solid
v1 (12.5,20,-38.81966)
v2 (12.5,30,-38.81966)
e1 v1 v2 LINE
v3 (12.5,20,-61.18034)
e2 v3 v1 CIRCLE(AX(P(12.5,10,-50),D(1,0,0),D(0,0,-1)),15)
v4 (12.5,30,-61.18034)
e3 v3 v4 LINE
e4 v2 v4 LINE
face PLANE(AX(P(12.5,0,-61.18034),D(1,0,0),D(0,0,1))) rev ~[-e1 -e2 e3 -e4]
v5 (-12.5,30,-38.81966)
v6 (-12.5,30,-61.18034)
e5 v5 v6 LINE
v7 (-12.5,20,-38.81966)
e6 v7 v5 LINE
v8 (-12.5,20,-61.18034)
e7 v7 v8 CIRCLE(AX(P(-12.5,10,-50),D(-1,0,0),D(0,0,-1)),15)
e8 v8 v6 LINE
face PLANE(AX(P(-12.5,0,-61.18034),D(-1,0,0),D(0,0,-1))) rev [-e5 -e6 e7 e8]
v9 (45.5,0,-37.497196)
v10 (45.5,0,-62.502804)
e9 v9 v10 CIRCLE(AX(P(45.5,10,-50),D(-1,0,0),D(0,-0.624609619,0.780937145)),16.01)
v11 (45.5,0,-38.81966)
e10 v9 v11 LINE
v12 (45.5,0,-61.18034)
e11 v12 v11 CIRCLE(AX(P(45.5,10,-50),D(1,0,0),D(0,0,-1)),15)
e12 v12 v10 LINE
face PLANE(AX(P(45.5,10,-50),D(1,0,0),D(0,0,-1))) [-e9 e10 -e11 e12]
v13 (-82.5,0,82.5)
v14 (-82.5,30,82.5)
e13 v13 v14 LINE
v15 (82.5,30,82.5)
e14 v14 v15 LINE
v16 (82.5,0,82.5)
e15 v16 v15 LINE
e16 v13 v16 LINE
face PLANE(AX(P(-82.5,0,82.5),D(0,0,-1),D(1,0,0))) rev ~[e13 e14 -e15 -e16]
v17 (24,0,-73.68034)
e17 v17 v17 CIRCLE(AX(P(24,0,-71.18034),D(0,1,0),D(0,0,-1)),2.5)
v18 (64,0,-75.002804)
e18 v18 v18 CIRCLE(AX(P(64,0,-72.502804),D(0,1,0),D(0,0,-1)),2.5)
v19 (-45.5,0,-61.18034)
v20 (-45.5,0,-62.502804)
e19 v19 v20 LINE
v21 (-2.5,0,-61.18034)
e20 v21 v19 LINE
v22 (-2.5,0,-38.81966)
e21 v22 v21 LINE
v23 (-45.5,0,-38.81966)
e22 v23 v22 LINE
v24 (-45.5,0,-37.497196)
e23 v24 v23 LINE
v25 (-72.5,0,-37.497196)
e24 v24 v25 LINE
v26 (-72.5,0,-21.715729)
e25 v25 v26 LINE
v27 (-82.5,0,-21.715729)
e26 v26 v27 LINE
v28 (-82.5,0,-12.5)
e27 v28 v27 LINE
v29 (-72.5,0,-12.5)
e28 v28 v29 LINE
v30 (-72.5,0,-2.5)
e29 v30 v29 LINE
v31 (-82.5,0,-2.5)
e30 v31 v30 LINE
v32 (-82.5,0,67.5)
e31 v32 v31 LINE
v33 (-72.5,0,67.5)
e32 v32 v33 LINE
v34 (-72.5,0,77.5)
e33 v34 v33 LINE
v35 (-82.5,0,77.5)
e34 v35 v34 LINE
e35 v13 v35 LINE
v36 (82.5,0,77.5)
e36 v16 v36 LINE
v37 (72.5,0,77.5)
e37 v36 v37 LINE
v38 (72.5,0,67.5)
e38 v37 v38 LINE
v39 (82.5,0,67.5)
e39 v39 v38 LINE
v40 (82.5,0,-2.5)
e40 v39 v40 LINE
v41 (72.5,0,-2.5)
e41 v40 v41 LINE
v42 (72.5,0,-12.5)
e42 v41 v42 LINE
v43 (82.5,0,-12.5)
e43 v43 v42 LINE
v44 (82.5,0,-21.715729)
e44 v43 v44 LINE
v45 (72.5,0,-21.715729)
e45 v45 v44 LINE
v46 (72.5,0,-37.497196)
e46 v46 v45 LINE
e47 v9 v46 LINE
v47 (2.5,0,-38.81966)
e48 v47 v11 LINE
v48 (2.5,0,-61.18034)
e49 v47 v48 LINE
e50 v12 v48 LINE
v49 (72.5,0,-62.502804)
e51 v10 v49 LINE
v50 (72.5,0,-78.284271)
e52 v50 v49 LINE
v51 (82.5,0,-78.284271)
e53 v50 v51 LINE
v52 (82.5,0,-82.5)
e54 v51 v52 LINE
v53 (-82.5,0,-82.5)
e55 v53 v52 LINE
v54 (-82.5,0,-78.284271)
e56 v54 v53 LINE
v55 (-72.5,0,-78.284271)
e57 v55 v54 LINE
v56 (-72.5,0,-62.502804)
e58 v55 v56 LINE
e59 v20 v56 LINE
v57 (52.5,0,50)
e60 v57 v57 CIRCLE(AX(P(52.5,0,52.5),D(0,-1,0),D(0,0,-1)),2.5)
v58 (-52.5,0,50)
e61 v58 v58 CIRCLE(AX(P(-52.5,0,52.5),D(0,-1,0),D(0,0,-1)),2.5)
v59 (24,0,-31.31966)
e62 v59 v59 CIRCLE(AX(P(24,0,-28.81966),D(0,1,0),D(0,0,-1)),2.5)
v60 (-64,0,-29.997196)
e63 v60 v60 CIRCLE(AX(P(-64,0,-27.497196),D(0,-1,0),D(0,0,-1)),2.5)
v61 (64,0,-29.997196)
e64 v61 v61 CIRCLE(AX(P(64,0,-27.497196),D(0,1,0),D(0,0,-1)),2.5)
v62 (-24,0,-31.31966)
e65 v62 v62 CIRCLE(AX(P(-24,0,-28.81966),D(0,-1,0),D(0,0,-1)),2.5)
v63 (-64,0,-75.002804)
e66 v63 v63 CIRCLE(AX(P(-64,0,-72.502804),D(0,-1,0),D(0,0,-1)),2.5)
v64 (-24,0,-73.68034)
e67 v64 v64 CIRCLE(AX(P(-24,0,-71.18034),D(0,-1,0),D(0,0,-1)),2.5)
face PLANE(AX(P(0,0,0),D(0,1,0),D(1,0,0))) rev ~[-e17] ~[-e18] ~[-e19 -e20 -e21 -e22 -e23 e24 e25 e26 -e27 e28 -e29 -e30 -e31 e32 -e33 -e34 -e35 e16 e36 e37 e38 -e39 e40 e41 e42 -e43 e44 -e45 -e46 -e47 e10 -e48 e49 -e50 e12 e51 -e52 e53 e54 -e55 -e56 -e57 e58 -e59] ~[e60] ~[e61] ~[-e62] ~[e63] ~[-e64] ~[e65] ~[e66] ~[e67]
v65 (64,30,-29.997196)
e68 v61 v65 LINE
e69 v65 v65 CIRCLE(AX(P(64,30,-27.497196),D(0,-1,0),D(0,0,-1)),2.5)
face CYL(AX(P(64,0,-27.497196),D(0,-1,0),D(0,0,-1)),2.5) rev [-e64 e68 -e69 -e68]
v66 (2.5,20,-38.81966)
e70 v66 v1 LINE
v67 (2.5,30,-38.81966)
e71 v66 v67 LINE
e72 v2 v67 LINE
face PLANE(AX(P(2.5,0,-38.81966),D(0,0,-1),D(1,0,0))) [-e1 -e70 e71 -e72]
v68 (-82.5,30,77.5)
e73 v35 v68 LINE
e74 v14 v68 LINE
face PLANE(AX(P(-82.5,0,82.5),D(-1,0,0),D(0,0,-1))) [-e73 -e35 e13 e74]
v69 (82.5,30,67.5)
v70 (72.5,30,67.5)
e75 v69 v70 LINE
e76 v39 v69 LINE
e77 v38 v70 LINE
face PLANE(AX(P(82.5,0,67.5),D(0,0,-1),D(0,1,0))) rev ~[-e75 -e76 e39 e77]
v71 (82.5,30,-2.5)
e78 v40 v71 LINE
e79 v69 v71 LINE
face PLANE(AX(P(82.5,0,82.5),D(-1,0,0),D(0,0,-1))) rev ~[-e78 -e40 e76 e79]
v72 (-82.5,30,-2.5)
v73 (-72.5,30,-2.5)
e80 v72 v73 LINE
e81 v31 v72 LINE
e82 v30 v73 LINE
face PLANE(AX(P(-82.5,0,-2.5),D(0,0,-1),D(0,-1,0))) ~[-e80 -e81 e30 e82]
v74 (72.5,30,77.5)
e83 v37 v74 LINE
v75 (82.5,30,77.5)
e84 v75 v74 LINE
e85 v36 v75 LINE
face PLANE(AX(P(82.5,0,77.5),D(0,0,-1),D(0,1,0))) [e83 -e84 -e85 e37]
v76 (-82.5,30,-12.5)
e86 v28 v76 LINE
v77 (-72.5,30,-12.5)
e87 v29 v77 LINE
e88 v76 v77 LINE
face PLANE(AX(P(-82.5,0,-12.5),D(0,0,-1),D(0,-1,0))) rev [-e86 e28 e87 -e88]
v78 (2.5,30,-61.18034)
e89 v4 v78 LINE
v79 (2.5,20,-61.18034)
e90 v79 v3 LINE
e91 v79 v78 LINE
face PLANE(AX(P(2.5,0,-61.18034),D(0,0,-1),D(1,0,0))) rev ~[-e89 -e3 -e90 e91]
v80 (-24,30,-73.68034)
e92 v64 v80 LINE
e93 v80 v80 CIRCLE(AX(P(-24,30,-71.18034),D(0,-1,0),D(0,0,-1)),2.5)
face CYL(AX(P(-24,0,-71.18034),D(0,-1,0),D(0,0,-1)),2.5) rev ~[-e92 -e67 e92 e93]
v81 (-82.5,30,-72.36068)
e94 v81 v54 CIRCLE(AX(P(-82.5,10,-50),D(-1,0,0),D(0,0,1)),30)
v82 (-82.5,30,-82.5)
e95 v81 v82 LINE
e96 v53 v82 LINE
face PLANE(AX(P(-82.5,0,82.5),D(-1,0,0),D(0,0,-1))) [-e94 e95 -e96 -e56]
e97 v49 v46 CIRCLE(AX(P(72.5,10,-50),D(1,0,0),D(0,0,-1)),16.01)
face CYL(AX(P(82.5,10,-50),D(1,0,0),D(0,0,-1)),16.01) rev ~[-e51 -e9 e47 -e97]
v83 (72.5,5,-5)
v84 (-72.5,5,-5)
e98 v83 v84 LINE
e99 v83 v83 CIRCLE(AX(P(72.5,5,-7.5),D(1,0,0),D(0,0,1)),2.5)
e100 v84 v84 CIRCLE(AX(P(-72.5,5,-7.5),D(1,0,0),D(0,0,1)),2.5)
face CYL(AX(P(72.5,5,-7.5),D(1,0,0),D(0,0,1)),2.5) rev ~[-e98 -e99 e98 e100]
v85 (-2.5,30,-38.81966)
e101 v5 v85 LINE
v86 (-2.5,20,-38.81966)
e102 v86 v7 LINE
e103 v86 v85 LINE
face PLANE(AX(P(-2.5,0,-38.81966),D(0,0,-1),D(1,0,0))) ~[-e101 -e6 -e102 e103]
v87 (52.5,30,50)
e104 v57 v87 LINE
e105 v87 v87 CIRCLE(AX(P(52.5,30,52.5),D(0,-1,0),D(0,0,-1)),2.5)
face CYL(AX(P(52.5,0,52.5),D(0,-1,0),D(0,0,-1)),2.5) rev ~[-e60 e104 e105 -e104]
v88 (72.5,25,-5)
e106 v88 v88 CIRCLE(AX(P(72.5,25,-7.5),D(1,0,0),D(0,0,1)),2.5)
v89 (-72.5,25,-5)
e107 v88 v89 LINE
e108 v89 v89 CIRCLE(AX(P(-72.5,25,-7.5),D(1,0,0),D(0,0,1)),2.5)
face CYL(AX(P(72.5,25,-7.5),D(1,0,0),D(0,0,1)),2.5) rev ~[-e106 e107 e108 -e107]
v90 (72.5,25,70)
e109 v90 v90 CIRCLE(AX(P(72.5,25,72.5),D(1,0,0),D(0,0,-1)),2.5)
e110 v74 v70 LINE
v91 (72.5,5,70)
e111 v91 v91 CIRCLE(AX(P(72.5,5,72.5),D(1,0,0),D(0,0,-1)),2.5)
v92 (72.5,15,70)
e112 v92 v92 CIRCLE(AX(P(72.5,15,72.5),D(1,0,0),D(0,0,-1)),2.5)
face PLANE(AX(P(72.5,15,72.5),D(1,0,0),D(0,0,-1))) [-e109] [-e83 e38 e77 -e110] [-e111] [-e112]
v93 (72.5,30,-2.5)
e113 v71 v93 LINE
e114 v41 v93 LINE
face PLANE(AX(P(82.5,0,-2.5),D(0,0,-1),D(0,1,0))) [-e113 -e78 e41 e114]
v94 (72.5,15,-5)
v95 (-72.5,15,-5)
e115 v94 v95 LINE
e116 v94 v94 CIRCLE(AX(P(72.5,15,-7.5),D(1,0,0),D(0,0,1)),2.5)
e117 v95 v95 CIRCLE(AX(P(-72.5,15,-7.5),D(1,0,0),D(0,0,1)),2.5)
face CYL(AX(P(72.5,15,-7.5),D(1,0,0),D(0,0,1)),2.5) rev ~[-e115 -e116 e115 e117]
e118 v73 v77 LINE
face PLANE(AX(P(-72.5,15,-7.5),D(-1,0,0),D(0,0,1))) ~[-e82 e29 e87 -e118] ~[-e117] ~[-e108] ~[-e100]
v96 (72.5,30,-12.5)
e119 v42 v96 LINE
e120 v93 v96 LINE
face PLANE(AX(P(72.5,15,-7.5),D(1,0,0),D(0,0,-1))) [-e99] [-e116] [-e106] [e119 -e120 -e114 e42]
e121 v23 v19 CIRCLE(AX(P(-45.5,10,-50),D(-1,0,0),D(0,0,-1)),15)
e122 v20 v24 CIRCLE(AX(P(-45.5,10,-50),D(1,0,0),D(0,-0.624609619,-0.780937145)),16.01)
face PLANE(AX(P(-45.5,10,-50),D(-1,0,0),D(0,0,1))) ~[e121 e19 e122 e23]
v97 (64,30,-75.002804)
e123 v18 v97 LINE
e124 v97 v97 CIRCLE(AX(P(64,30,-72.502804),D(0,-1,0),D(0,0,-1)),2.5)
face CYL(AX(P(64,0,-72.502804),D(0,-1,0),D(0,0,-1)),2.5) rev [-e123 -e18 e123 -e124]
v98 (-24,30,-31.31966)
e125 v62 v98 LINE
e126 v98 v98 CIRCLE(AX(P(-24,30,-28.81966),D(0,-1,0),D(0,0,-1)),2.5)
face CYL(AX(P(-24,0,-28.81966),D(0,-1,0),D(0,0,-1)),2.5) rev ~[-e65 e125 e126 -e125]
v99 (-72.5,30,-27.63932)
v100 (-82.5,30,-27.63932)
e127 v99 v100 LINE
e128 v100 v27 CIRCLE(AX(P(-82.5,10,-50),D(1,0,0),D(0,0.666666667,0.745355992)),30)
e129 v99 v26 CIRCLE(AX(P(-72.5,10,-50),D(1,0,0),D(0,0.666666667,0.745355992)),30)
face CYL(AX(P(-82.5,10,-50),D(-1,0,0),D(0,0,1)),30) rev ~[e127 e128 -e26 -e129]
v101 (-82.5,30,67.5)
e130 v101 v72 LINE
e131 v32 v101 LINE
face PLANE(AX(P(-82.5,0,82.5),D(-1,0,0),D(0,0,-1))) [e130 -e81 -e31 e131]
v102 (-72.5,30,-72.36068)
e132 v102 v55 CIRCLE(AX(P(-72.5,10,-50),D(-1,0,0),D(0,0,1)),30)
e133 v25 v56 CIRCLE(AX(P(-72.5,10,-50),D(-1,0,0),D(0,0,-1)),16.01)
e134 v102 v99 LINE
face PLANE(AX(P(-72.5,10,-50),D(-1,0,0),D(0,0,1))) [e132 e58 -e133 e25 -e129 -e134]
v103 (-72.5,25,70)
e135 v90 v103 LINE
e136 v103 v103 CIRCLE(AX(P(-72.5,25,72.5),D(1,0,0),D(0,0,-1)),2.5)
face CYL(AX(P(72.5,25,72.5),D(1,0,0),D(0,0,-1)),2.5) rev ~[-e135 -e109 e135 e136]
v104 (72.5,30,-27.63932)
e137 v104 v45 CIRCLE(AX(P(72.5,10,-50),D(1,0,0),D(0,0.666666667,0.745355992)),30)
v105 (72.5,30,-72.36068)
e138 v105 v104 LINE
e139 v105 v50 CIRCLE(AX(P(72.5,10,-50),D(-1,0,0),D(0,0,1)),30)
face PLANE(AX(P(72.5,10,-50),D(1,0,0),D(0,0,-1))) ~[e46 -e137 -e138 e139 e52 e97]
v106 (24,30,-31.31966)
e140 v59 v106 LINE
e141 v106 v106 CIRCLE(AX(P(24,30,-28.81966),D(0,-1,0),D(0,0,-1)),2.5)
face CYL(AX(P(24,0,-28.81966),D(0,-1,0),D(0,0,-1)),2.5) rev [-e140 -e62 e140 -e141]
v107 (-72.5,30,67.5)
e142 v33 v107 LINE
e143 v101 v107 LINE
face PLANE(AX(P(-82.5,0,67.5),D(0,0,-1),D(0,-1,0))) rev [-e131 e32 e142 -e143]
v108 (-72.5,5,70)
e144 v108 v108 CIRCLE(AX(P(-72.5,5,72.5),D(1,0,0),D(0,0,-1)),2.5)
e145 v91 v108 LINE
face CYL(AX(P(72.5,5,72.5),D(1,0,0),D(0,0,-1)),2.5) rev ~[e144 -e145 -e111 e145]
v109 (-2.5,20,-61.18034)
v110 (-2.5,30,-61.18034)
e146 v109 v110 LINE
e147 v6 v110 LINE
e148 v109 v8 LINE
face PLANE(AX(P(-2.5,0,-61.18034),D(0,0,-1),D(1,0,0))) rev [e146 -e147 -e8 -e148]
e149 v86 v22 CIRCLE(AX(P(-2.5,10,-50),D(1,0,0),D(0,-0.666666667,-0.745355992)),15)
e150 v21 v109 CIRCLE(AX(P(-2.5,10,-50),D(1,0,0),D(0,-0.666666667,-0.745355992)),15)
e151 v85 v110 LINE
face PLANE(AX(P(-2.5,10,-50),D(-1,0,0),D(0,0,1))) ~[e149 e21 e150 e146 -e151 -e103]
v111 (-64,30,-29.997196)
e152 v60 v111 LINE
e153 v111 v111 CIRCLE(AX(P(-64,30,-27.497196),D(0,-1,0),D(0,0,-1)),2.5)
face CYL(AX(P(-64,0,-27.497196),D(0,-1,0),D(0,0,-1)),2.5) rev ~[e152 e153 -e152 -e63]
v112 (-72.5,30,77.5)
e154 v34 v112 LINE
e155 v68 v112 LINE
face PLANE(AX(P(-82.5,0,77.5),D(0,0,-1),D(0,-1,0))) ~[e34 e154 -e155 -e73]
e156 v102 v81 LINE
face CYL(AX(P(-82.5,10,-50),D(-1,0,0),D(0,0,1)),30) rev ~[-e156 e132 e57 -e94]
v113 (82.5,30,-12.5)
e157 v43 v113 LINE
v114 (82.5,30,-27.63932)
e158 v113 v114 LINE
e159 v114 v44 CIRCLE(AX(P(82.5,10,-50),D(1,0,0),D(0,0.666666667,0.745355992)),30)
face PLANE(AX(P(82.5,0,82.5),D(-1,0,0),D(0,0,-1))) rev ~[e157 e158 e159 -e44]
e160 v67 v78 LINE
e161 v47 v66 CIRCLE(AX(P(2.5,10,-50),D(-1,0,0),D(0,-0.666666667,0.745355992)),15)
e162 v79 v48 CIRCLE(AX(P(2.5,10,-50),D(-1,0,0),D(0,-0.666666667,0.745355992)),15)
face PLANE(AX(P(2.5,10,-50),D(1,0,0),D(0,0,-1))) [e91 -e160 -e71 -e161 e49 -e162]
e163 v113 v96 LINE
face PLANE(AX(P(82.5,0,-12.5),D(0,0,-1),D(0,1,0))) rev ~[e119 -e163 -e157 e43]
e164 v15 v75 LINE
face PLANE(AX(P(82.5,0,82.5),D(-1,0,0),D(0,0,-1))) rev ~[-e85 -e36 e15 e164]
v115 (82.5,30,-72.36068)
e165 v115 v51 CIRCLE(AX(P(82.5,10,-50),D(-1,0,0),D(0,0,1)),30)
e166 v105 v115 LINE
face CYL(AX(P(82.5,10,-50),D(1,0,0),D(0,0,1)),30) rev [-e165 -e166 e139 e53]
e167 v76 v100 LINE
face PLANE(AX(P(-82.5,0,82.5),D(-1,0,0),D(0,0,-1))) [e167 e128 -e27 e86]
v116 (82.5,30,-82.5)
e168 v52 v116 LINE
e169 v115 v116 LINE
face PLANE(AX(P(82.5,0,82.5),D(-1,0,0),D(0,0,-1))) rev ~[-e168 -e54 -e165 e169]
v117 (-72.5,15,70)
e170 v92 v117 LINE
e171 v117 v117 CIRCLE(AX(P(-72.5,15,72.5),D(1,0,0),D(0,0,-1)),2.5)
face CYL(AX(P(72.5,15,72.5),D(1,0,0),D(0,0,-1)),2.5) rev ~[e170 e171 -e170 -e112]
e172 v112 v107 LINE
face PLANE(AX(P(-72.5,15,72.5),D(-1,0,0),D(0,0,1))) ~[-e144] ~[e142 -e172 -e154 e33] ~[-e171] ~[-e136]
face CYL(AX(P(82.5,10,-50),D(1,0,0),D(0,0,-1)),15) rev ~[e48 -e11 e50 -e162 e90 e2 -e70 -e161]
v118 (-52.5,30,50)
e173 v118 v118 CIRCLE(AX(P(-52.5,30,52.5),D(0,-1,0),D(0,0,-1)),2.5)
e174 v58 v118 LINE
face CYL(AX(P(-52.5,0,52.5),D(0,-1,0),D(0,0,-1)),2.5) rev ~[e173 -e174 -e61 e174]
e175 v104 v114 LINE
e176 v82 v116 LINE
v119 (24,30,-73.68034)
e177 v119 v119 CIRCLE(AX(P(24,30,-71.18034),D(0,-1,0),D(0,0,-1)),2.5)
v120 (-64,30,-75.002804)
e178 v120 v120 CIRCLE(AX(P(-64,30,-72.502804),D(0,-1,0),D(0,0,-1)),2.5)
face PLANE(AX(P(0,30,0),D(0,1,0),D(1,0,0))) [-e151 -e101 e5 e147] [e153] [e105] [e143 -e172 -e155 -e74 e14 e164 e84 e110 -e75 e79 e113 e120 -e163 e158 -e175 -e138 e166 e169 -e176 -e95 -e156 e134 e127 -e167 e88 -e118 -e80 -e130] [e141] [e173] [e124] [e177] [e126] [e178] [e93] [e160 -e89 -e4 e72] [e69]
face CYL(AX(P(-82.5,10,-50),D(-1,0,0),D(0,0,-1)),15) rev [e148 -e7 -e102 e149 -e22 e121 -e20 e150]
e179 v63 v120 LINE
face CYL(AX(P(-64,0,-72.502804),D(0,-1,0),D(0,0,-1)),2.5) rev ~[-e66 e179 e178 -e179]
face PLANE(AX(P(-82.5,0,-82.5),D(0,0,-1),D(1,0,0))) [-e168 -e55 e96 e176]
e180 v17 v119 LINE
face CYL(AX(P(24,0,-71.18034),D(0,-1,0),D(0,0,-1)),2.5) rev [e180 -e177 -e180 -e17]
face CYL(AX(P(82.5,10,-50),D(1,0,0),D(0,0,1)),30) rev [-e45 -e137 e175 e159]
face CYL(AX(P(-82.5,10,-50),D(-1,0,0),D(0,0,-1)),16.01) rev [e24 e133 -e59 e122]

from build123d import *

# Parameters (mm, degrees)
ESQUISSE2_W         = 165
ESQUISSE2_H         = 165
BASE_DEPTH          = 30
ESQUISSE3_R         = 15
BLOC_MOTEUR_1_DEPTH = 80
ESQUISSE4_W         = 10
ESQUISSE4_H         = 22.360679774
ACCES_MOTEUR_DEPTH  = 37
ESQUISSE6_R         = 16.01
BLOC_MOTEUR_2_DEPTH = 37
ESQUISSE7_R         = 2.5
VIS_MOTEUR_DEPTH    = 121.467838032
ESQUISSE8_R         = 2.5
VIS_PATIN_DEPTH     = 121.467838032
ESQUISSE12_R        = 30
ESPACE_ROUE_DEPTH   = 10
ESQUISSE23_W        = 10
ESQUISSE23_H        = 30
VIDE_TIGE_DEPTH     = 10
VIDE_VIS_REACH      = 180.133
ESQUISSE25_R        = 2.5


with BuildPart() as part:
    # Esquisse2 → BASE (new body)
    with BuildSketch(Plane(origin=(0, 0, 0), x_dir=(1, 0, 0), z_dir=(0, 1, 0))):
        Rectangle(ESQUISSE2_W, ESQUISSE2_H)
    extrude(amount=BASE_DEPTH)

    # Esquisse3 → BLOC MOTEUR 1. (cut)
    with BuildSketch(Plane(origin=(82.5, 0, 0), x_dir=(0, 0, -1), z_dir=(1, 0, 0))):
        with Locations((50, 10)):
            Circle(ESQUISSE3_R)
    bloc_moteur_1 = extrude(amount=-BLOC_MOTEUR_1_DEPTH, mode=Mode.SUBTRACT)

    # Esquisse4 → ACCES MOTEUR (cut)
    with BuildSketch(Plane.XZ):
        with Locations((7.5, -50)):
            Rectangle(ESQUISSE4_W, ESQUISSE4_H)
    acces_moteur = extrude(amount=-ACCES_MOTEUR_DEPTH, mode=Mode.SUBTRACT)

    # Esquisse6 → BLOC MOTEUR 2 (cut)
    with BuildSketch(Plane(origin=(82.5, 0, 0), x_dir=(0, 0, -1), z_dir=(1, 0, 0))):
        with Locations((50, 10)):
            Circle(ESQUISSE6_R)
    bloc_moteur_2 = extrude(amount=-BLOC_MOTEUR_2_DEPTH, mode=Mode.SUBTRACT)

    # SYM BLOC MOTEUR: BLOC MOTEUR 1., ACCES MOTEUR, BLOC MOTEUR 2 across plane
    add(bloc_moteur_1.mirror(Plane(origin=(0, 0, 0), x_dir=(0, 0, 1), z_dir=(1, 0, 0))), mode=Mode.SUBTRACT)
    add(acces_moteur.mirror(Plane(origin=(0, 0, 0), x_dir=(0, 0, 1), z_dir=(1, 0, 0))), mode=Mode.SUBTRACT)
    add(bloc_moteur_2.mirror(Plane(origin=(0, 0, 0), x_dir=(0, 0, 1), z_dir=(1, 0, 0))), mode=Mode.SUBTRACT)

    # Esquisse7 → VIS MOTEUR (cut, through all)
    with BuildSketch(Plane.XZ):
        with Locations(Location((-64, -27.497196314, 0), (0, 0, 270))):
            Circle(ESQUISSE7_R)
        with Locations(Location((-24, -28.819660113, 0), (0, 0, 270))):
            Circle(ESQUISSE7_R)
        with Locations(Location((-24, -71.180339887, 0), (0, 0, 270))):
            Circle(ESQUISSE7_R)
        with Locations(Location((-64, -72.502803686, 0), (0, 0, 270))):
            Circle(ESQUISSE7_R)
    vis_moteur = extrude(amount=-VIS_MOTEUR_DEPTH, mode=Mode.SUBTRACT)

    # SYM VIS: VIS MOTEUR across plane
    add(vis_moteur.mirror(Plane(origin=(0, 0, 0), x_dir=(0, 0, 1), z_dir=(1, 0, 0))), mode=Mode.SUBTRACT)

    # Esquisse8 → VIS PATIN (cut, through all)
    with BuildSketch(Plane.XZ):
        with Locations(Location((-52.5, 52.5, 0), (0, 0, 270))):
            Circle(ESQUISSE8_R)
        with Locations(Location((52.5, 52.5, 0), (0, 0, 270))):
            Circle(ESQUISSE8_R)
    extrude(amount=-VIS_PATIN_DEPTH, mode=Mode.SUBTRACT)

    # Esquisse12 → ESPACE ROUE (cut)
    with BuildSketch(Plane.ZY.offset(82.5)):
        with Locations((-50, 10)):
            Circle(ESQUISSE12_R)
    espace_roue = extrude(amount=-ESPACE_ROUE_DEPTH, mode=Mode.SUBTRACT)

    # SYM ESPACE ROUE: ESPACE ROUE across plane
    add(espace_roue.mirror(Plane(origin=(0, 0, 0), x_dir=(0, 0, 1), z_dir=(1, 0, 0))), mode=Mode.SUBTRACT)

    # Esquisse23 → VIDE TIGE (cut)
    with BuildSketch(Plane(origin=(82.5, 0, 0), x_dir=(0, 0, -1), z_dir=(1, 0, 0))):
        with Locations((-72.5, 15)):
            Rectangle(ESQUISSE23_W, ESQUISSE23_H)
        with Locations((7.5, 15)):
            Rectangle(ESQUISSE23_W, ESQUISSE23_H)
    vide_tige = extrude(amount=-VIDE_TIGE_DEPTH, mode=Mode.SUBTRACT)

    # SYM TIGE: VIDE TIGE across plane
    add(vide_tige.mirror(Plane(origin=(0, 0, 0), x_dir=(0, 0, 1), z_dir=(1, 0, 0))), mode=Mode.SUBTRACT)

    # Esquisse25 → VIDE VIS (cut, up to next)
    with BuildSketch(Plane(origin=(72.5, 0, 0), x_dir=(0, 0, -1), z_dir=(1, 0, 0)), mode=Mode.PRIVATE) as vide_vis_sk1:
        with Locations((-72.5, 25)):
            Circle(ESQUISSE25_R)
    vide_vis_tool1 = extrude(vide_vis_sk1.sketch, amount=-VIDE_VIS_REACH, mode=Mode.PRIVATE) & part.part
    # Esquisse25 → VIDE VIS (cut, up to next)
    with BuildSketch(Plane(origin=(72.5, 0, 0), x_dir=(0, 0, -1), z_dir=(1, 0, 0)), mode=Mode.PRIVATE) as vide_vis_sk2:
        with Locations((-72.5, 15)):
            Circle(ESQUISSE25_R)
    vide_vis_tool2 = extrude(vide_vis_sk2.sketch, amount=-VIDE_VIS_REACH, mode=Mode.PRIVATE) & part.part
    # Esquisse25 → VIDE VIS (cut, up to next)
    with BuildSketch(Plane(origin=(72.5, 0, 0), x_dir=(0, 0, -1), z_dir=(1, 0, 0)), mode=Mode.PRIVATE) as vide_vis_sk3:
        with Locations((-72.5, 5)):
            Circle(ESQUISSE25_R)
    vide_vis_tool3 = extrude(vide_vis_sk3.sketch, amount=-VIDE_VIS_REACH, mode=Mode.PRIVATE) & part.part
    # Esquisse25 → VIDE VIS (cut, up to next)
    with BuildSketch(Plane(origin=(72.5, 0, 0), x_dir=(0, 0, -1), z_dir=(1, 0, 0)), mode=Mode.PRIVATE) as vide_vis_sk4:
        with Locations(Location((7.5, 5, 0), (0, 0, 180))):
            Circle(ESQUISSE25_R)
    vide_vis_tool4 = extrude(vide_vis_sk4.sketch, amount=-VIDE_VIS_REACH, mode=Mode.PRIVATE) & part.part
    # Esquisse25 → VIDE VIS (cut, up to next)
    with BuildSketch(Plane(origin=(72.5, 0, 0), x_dir=(0, 0, -1), z_dir=(1, 0, 0)), mode=Mode.PRIVATE) as vide_vis_sk5:
        with Locations(Location((7.5, 25, 0), (0, 0, 180))):
            Circle(ESQUISSE25_R)
    vide_vis_tool5 = extrude(vide_vis_sk5.sketch, amount=-VIDE_VIS_REACH, mode=Mode.PRIVATE) & part.part
    # Esquisse25 → VIDE VIS (cut, up to next)
    with BuildSketch(Plane(origin=(72.5, 0, 0), x_dir=(0, 0, -1), z_dir=(1, 0, 0)), mode=Mode.PRIVATE) as vide_vis_sk6:
        with Locations(Location((7.5, 15, 0), (0, 0, 180))):
            Circle(ESQUISSE25_R)
    vide_vis_tool6 = extrude(vide_vis_sk6.sketch, amount=-VIDE_VIS_REACH, mode=Mode.PRIVATE) & part.part
    add(vide_vis_tool1.solids().sort_by_distance((72.5, 25, 72.5))[0], mode=Mode.SUBTRACT)
    add(vide_vis_tool2.solids().sort_by_distance((72.5, 15, 72.5))[0], mode=Mode.SUBTRACT)
    add(vide_vis_tool3.solids().sort_by_distance((72.5, 5, 72.5))[0], mode=Mode.SUBTRACT)
    add(vide_vis_tool4.solids().sort_by_distance((72.5, 5, -7.5))[0], mode=Mode.SUBTRACT)
    add(vide_vis_tool5.solids().sort_by_distance((72.5, 25, -7.5))[0], mode=Mode.SUBTRACT)
    add(vide_vis_tool6.solids().sort_by_distance((72.5, 15, -7.5))[0], mode=Mode.SUBTRACT)


solid = part.part
